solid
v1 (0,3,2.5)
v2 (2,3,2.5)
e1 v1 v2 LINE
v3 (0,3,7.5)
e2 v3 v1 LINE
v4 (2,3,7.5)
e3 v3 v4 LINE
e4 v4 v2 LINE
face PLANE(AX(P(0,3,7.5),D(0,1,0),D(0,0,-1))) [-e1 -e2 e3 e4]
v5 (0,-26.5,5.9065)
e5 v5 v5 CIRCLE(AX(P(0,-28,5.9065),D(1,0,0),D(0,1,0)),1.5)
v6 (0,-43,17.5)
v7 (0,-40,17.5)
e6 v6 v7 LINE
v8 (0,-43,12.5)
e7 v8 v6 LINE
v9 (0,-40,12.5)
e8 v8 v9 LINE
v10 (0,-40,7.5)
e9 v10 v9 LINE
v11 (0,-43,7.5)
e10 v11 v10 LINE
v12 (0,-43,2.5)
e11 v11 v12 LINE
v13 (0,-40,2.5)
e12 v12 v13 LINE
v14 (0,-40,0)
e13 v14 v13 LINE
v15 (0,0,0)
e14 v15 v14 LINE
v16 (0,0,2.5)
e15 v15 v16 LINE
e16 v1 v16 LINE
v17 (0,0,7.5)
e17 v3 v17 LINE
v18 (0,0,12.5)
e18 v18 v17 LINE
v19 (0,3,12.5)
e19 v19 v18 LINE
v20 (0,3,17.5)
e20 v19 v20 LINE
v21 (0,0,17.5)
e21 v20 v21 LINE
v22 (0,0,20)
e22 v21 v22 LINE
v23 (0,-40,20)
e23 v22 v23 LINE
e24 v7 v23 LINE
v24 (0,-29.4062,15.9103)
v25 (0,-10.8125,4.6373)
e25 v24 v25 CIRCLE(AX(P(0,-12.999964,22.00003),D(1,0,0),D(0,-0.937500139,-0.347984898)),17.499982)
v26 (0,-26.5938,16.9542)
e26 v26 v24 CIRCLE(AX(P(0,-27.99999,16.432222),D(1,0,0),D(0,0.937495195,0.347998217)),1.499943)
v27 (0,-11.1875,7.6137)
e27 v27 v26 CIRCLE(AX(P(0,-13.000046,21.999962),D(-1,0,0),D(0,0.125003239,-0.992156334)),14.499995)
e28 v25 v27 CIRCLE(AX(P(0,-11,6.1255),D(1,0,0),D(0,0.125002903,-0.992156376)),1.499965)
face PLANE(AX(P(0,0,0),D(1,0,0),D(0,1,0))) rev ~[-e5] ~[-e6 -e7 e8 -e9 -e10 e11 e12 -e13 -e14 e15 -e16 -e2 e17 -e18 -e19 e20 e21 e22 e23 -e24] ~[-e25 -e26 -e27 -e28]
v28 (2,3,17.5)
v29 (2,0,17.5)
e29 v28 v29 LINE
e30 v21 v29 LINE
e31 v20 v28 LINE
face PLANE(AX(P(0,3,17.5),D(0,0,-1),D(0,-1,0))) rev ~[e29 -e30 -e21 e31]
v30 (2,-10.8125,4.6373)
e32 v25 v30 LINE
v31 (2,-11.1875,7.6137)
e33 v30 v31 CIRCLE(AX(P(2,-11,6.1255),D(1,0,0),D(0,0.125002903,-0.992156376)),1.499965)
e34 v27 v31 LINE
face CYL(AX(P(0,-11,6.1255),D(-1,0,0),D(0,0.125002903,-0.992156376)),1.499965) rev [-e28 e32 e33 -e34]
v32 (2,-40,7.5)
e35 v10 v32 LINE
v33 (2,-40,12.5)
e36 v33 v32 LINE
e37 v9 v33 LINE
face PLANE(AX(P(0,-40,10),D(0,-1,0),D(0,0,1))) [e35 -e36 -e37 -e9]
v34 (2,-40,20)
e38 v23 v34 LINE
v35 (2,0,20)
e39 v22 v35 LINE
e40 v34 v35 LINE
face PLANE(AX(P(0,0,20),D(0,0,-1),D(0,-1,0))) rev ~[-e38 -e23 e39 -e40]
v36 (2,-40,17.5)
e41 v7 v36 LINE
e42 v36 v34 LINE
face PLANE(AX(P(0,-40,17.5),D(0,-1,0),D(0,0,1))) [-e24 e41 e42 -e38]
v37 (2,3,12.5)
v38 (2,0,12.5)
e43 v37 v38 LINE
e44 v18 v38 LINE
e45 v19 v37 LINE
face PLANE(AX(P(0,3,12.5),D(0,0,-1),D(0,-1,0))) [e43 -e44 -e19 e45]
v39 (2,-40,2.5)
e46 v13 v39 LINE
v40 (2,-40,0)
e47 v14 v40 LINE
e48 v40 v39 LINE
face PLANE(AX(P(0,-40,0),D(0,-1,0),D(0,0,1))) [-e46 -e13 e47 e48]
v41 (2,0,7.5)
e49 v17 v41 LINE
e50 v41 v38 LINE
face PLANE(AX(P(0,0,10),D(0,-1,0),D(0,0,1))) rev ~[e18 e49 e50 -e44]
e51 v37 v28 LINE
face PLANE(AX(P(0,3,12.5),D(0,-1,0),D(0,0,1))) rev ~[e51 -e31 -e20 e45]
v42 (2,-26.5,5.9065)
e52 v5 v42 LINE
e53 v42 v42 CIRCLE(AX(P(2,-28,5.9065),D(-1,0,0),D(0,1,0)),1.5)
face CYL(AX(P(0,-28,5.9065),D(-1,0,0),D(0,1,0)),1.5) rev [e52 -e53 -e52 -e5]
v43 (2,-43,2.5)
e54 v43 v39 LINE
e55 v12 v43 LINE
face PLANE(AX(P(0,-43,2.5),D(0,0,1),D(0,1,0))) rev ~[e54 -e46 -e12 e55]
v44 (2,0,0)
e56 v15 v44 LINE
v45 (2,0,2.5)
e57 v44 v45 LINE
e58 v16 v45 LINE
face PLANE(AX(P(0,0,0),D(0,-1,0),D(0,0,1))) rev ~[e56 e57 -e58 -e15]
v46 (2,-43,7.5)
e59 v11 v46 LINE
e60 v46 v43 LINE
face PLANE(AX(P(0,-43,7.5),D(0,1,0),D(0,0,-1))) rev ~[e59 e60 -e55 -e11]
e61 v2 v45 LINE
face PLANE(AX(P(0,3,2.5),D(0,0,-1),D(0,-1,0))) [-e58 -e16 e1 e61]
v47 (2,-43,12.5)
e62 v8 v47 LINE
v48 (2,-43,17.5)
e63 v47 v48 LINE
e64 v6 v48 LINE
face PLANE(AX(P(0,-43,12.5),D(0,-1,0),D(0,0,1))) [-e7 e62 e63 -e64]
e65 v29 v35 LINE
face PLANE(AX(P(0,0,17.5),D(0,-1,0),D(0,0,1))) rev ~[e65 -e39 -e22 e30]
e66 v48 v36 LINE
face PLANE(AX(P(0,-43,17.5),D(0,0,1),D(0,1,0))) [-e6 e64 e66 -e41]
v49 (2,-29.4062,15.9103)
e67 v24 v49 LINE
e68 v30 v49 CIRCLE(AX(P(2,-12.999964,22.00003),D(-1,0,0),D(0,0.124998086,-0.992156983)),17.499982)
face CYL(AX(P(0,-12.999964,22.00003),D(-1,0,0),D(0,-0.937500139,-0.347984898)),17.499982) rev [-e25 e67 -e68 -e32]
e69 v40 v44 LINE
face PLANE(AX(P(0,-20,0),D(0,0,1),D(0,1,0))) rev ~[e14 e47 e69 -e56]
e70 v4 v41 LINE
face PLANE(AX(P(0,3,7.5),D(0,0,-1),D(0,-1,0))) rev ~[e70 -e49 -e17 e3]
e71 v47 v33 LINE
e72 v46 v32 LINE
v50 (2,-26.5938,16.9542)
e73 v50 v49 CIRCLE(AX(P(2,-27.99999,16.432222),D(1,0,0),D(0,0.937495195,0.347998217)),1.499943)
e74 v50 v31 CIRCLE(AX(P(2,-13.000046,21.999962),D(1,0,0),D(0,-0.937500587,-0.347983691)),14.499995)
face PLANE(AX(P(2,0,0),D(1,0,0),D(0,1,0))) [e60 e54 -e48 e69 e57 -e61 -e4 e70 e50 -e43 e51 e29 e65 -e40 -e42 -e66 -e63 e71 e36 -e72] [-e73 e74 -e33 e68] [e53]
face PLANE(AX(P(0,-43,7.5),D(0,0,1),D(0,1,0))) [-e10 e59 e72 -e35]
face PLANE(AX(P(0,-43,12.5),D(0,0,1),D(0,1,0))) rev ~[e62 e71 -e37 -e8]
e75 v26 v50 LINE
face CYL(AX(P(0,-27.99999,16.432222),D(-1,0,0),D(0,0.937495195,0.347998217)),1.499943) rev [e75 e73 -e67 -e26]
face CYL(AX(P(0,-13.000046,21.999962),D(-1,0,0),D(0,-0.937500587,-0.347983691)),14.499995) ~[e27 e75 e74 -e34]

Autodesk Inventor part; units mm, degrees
ref_plane "YZ Plane" through (0, 0, 0) normal (1, 0, 0) x (0, 1, 0)
ref_plane "XZ Plane" through (0, 0, 0) normal (0, 1, 0) x (-1, 0, 0)
ref_plane "XY Plane" through (0, 0, 0) normal (0, 0, 1) x (1, 0, 0)
sketch "Sketch1" plane through (0, 0, 0) normal (1, 0, 0) x (0, 1, 0)
  line L0 (0, 20) -> (-40, 20)
  line L1 (-40, 0) -> (0, 0)
  line L2 (3, 7.5) -> (0, 7.5)
  line L3 (3, 7.5) -> (3, 2.5)
  line L4 (3, 2.5) -> (0, 2.5)
  circle A0 centre (-28, 5.9065) radius 1.5
  arc A1 (-26.5938, 16.9542) -> (-29.4062, 15.9103) centre (-28, 16.4322) ccw
  arc A2 (-10.8125, 4.6373) -> (-11.1875, 7.6137) centre (-11, 6.1255) ccw
  arc A3 (-26.5938, 16.9542) -> (-11.1875, 7.6137) centre (-13, 22) ccw
  arc A4 (-29.4062, 15.9103) -> (-10.8125, 4.6373) centre (-13, 22) ccw
  line L5 (0, 0) -> (0, 20)
  line L6 (-40, 0) -> (-40, 20)
  line L7 (0, 2.5) -> (0, 7.5)
  line L8 (0, 10) -> (-40, 10)
  line L9 (-28, 5.9065) -> (-28, 16.4322)
  line L10 (-11, 6.1255) -> (-28, 6.1255)
  line L11 (3, 12.5) -> (0, 12.5)
  line L12 (3, 12.5) -> (3, 17.5)
  line L13 (3, 17.5) -> (0, 17.5)
  line L14 (-20, 0) -> (-20, 20)
  line L15 (-43, 7.5) -> (-40, 7.5)
  line L16 (-43, 7.5) -> (-43, 2.5)
  line L17 (-43, 2.5) -> (-40, 2.5)
  line L18 (-43, 12.5) -> (-43, 17.5)
  line L19 (-43, 17.5) -> (-40, 17.5)
  line L20 (-43, 12.5) -> (-40, 12.5)
  point P0 (0, 12.5)
  point P1 (0, 17.5)
  point P2 (-20, 10)
  point P3 (-20, 9.3016)
  point P4 (-20.3655, 6.1255)
  point P5 (-26.5161, 6.1255)
  point P6 (-28, 7.4065)
  point P7 (-28, 12.9861)
  point P8 (-21.1394, 10)
  dimension "d9" = 3
  dimension "d11" = 3
  dimension "d12" = 3
  dimension "d16" = 20
  dimension "d17" = 40
  dimension "d18" = 5
  dimension "d19" = 3
  dimension "d20" = 14.5
  dimension "d21" = 17.5
  dimension "d22" = 22
  dimension "d23" = 13
  dimension "d24" = 22
  dimension "d26" = 15
  dimension "d27" = 17
  dimension "d28" = 2.5
extrude "Extrusion1" add sketch "Sketch1" along normal blind 2 contours L5 L8 L14 L0 | L14 L8 A3 A1 A4 L9 L6 L0 | L13 L12 L11 L5 | L14 A3 L8 | L8 L5 L1 L14 A4 A2 A3 | L6 L20 L18 L19 | L2 L3 L4 L5 | L8 L9 A4 | A4 L10 A0 L9 L8 | L8 L9 A0 L10 A4 L14 L1 L6 | L6 L17 L16 L15
properties part number "side.plate.cam.rev3"
